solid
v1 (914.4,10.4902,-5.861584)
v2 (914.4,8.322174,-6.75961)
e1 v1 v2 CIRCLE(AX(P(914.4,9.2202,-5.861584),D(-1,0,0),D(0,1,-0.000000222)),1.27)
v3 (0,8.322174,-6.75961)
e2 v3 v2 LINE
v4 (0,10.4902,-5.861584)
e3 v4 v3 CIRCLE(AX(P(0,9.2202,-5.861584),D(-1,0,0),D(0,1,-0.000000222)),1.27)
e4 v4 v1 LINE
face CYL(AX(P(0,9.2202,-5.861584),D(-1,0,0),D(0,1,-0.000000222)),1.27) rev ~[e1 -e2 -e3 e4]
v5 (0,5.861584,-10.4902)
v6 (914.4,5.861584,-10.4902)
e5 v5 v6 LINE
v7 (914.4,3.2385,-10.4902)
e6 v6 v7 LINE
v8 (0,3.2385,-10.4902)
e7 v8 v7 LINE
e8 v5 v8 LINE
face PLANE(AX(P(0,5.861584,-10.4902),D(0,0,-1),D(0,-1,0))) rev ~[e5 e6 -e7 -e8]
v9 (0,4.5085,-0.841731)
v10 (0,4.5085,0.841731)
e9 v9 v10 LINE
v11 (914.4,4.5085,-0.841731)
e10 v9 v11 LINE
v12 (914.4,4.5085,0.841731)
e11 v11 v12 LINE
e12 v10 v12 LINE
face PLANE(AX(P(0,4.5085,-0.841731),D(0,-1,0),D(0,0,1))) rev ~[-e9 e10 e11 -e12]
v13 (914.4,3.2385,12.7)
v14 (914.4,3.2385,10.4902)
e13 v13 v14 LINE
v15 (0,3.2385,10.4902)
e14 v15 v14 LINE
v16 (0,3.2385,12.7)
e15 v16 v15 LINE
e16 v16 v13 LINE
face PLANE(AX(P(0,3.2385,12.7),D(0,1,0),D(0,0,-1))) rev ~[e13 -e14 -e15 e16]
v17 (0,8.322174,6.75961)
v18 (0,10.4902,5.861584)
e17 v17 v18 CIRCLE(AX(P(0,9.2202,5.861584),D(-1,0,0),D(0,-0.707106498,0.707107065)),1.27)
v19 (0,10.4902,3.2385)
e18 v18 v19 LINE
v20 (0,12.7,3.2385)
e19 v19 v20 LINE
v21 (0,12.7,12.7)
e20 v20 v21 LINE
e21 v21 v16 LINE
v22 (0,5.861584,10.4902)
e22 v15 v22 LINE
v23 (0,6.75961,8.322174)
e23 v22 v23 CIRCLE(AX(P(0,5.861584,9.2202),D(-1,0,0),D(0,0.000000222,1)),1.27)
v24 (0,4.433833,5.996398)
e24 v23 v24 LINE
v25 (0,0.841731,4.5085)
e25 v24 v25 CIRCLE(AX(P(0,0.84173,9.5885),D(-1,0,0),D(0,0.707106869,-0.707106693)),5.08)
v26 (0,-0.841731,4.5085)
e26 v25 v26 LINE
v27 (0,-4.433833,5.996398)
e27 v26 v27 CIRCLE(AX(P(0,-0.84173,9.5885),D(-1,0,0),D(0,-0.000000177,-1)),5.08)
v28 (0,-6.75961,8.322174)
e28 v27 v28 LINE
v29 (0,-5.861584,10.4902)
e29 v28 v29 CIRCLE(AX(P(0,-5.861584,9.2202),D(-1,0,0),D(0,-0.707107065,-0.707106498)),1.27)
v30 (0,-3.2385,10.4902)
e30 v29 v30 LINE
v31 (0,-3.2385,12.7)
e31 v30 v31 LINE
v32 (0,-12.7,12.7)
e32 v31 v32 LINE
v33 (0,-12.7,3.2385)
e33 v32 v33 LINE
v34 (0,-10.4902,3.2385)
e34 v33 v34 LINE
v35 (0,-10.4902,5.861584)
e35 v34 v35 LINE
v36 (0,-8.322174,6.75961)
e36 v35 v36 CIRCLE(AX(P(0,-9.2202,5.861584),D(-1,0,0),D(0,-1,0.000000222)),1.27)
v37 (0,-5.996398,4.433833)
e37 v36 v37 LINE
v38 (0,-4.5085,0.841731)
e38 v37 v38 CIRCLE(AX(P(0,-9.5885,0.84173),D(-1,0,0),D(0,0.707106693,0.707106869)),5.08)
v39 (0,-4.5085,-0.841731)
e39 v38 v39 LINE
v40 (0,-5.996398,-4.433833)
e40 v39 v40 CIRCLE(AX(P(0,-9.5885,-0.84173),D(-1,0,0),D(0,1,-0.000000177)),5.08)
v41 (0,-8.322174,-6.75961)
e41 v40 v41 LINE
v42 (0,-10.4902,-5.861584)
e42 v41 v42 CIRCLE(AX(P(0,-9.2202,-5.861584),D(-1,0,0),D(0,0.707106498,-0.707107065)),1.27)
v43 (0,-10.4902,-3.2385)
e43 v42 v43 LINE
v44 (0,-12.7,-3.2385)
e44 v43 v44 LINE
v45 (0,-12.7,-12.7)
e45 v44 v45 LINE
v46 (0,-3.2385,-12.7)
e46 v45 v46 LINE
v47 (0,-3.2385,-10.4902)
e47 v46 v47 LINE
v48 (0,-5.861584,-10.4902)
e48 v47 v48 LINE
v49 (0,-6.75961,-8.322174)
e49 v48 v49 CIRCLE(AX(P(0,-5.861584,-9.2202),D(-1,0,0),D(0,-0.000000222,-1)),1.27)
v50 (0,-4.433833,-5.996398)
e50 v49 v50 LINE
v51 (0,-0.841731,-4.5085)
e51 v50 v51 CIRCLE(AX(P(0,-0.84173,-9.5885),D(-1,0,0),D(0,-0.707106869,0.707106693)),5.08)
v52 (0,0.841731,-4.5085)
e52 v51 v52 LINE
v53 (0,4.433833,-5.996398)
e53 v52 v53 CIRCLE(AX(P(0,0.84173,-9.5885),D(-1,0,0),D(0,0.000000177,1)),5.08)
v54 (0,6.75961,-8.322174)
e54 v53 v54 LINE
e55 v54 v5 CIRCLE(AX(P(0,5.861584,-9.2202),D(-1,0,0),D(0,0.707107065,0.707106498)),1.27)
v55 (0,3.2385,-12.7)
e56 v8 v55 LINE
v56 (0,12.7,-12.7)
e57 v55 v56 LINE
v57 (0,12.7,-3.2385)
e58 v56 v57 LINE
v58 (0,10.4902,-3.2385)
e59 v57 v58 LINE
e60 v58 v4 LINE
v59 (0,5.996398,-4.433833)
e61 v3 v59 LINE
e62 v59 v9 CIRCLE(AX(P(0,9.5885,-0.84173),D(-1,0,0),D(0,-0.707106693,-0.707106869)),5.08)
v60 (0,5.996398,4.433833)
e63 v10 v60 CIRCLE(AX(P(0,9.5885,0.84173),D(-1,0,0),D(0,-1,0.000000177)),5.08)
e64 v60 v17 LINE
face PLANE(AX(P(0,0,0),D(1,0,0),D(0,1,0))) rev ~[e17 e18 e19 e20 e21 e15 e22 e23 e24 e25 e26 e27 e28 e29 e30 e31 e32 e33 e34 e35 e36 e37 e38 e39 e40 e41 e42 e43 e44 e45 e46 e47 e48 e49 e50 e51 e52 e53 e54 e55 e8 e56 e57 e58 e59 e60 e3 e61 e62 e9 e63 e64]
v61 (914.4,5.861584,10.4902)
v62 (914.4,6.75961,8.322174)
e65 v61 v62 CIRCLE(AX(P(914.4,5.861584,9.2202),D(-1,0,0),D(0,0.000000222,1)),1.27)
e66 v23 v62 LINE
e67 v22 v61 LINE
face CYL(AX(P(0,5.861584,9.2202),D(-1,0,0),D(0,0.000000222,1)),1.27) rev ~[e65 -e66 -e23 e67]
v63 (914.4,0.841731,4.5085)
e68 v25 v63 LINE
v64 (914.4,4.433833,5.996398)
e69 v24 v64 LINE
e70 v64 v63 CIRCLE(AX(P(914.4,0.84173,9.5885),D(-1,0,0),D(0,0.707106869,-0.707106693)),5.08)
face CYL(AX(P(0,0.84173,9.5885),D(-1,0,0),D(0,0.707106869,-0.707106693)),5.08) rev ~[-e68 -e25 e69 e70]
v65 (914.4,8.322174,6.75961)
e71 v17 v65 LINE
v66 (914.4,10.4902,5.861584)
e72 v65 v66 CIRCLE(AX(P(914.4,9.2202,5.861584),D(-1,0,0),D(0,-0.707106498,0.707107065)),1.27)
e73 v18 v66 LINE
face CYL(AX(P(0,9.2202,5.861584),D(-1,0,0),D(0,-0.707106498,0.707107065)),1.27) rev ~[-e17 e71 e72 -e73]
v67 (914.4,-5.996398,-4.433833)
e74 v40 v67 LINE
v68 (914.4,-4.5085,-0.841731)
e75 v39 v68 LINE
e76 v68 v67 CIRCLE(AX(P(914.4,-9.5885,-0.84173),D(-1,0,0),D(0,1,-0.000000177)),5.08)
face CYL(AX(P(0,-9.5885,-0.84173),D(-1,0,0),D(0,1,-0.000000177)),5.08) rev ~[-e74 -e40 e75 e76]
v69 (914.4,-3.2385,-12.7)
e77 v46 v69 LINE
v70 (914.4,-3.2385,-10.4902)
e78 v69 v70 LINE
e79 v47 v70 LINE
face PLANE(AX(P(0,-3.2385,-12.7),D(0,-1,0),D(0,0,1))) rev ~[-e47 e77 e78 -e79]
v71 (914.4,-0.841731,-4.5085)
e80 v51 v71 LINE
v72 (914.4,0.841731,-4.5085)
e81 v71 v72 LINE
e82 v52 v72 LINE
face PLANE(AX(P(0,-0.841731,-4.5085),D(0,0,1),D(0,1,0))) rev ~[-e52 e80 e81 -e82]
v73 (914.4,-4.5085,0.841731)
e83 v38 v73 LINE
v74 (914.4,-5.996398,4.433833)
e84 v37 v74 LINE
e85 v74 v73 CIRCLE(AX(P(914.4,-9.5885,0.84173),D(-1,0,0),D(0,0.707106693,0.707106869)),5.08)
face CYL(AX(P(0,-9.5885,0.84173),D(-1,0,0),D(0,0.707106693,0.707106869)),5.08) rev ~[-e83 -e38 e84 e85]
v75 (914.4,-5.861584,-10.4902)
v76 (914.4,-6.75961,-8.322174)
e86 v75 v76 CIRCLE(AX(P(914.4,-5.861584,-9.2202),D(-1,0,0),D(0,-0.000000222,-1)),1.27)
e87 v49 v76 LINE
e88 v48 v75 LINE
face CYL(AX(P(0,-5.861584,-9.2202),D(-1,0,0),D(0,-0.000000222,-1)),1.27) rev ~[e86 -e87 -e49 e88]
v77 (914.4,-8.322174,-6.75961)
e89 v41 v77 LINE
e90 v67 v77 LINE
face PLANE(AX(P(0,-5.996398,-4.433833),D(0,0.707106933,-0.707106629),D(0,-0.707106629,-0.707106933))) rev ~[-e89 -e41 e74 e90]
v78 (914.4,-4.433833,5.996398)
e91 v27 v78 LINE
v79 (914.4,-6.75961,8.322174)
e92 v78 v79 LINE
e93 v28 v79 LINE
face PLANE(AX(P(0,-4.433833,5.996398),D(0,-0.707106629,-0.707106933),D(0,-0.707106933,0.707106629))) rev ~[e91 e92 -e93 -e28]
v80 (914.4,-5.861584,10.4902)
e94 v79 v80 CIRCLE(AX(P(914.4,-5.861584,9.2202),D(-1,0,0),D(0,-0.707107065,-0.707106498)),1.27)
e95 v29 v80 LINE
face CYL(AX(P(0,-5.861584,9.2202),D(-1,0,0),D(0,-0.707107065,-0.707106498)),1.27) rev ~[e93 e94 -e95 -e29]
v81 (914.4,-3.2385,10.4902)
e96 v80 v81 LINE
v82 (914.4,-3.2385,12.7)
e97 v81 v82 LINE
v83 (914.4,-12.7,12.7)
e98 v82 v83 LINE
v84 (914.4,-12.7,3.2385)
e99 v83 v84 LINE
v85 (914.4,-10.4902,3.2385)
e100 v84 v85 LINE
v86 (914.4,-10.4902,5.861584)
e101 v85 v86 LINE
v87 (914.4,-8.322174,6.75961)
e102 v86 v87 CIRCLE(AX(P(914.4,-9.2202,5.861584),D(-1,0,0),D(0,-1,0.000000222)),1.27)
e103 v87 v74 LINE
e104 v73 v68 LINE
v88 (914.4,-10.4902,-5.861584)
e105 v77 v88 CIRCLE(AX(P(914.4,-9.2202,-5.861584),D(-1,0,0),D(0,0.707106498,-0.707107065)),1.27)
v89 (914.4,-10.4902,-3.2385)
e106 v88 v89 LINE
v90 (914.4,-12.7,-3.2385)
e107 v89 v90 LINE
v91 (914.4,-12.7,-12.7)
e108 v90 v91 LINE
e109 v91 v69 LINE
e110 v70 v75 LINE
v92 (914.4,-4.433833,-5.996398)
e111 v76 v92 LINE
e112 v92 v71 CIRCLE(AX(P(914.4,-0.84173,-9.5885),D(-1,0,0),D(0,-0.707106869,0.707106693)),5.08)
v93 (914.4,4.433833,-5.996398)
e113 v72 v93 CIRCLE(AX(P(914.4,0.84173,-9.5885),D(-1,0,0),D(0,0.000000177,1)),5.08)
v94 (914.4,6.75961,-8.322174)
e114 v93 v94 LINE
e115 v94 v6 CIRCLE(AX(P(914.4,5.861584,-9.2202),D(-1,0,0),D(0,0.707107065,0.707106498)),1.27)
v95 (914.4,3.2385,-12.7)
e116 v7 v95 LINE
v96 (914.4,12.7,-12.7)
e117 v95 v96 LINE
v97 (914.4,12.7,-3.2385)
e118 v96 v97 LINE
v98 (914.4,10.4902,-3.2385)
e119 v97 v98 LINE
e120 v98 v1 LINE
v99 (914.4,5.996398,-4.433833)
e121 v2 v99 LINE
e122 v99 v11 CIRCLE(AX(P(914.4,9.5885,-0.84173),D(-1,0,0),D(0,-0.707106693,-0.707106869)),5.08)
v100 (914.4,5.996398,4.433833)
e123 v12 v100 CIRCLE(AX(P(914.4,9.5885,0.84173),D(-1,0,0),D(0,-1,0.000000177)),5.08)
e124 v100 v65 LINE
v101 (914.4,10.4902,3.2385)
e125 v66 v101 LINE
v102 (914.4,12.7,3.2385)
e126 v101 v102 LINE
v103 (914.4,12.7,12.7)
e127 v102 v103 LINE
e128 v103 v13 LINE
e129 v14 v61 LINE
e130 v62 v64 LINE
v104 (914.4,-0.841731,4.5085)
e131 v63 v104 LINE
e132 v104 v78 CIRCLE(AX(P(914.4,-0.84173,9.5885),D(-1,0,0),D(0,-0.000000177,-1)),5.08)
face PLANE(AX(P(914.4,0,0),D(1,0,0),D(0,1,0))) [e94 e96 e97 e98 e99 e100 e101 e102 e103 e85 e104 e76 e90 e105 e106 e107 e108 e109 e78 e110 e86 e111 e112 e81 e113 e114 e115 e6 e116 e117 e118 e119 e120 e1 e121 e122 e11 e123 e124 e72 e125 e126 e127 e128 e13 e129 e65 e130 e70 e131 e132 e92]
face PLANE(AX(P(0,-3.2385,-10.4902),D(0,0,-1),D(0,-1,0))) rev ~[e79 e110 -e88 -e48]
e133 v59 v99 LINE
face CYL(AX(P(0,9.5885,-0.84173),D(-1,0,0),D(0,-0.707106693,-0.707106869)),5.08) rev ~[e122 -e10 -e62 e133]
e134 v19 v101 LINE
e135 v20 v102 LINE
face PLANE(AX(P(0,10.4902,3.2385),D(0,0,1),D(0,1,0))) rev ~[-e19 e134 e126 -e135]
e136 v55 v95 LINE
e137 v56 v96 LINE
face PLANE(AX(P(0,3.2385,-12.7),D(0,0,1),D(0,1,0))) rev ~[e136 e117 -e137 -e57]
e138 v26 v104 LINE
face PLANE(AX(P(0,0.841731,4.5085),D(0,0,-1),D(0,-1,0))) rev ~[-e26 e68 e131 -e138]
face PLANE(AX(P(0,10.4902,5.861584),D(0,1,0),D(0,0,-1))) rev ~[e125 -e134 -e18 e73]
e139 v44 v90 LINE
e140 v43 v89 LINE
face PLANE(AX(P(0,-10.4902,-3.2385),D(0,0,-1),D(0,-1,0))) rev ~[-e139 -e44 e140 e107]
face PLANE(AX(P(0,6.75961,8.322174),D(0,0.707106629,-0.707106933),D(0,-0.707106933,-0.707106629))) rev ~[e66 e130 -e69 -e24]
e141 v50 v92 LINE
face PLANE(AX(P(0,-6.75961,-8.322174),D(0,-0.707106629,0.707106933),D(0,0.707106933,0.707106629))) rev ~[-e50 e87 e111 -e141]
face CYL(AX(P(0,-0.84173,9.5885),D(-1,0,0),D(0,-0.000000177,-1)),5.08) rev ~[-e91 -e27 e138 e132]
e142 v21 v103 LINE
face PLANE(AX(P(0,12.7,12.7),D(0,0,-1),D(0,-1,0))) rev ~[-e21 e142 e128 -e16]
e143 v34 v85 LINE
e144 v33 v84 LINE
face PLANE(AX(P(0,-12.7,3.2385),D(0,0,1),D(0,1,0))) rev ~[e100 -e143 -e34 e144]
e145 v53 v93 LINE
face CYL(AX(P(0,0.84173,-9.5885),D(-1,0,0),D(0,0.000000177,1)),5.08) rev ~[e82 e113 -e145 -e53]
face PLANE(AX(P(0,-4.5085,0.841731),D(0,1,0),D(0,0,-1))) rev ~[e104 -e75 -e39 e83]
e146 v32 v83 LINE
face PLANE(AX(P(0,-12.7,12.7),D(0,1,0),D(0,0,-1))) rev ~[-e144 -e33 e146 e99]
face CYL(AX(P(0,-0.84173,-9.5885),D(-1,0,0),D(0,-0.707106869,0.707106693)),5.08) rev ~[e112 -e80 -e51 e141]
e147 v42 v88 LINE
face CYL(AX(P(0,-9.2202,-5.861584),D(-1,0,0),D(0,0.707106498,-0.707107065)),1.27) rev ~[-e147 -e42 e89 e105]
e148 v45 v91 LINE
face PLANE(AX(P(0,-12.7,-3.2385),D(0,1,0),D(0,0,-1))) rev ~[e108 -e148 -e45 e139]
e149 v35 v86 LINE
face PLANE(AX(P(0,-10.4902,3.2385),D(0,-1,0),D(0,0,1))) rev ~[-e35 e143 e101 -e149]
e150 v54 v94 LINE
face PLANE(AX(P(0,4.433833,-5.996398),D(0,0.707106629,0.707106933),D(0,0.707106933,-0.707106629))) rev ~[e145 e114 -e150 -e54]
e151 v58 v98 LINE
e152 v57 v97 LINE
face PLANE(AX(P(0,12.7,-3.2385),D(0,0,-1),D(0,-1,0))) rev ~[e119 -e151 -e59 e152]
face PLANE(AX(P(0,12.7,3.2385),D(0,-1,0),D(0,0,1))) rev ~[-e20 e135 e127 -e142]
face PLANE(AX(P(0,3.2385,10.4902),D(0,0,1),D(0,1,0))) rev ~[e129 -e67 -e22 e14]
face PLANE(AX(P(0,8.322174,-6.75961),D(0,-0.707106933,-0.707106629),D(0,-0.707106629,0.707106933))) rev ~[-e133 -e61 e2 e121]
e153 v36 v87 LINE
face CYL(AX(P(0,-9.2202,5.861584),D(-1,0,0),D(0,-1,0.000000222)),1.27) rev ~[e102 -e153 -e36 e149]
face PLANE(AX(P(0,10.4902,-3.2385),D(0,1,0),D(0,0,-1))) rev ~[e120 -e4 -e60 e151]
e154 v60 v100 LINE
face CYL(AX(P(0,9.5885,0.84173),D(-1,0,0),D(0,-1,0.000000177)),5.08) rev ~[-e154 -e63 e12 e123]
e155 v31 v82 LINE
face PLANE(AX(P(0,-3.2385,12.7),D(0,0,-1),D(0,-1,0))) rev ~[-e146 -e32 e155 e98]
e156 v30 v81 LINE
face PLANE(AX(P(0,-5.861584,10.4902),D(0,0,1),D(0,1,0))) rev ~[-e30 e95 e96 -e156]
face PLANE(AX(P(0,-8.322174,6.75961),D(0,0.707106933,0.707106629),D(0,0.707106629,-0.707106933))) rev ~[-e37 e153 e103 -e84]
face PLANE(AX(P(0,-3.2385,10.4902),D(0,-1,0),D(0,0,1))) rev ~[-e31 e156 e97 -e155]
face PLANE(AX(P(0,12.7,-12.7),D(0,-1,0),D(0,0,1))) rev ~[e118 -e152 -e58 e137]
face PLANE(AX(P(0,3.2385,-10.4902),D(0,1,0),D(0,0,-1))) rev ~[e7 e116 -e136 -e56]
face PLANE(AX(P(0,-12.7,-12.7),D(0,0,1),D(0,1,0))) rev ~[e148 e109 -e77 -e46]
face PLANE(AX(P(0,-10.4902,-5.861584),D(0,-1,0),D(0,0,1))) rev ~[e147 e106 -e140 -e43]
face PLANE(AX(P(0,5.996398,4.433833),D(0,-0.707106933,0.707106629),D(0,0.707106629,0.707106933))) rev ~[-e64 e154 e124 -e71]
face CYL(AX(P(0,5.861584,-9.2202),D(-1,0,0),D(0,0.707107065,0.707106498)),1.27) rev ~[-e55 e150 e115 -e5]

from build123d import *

# Parameters (mm, degrees)
F1_DEPTH = 914.4


with BuildPart() as f1:
    # F0 (on Right) → F1 (new body)
    with BuildSketch(Plane.YZ):
        with BuildLine():
            Line((10.4902, 12.7), (3.2385, 12.7))
            Line((3.2385, 12.7), (3.2385, 10.4902))
            Line((3.2385, 10.4902), (5.861584, 10.4902))
            ThreePointArc((5.861584, 10.4902), (7.034911, 9.706208), (6.75961, 8.322174))
            Line((6.75961, 8.322174), (4.433833, 5.996398))
            ThreePointArc((4.433833, 5.996398), (2.785762, 4.895192), (0.841731, 4.5085))
            Line((0.841731, 4.5085), (0, 4.5085))
            Line((0, 4.5085), (-0.841731, 4.5085))
            ThreePointArc((-0.841731, 4.5085), (-2.785762, 4.895192), (-4.433833, 5.996398))
            Line((-4.433833, 5.996398), (-6.75961, 8.322174))
            ThreePointArc((-6.75961, 8.322174), (-7.034911, 9.706208), (-5.861584, 10.4902))
            Line((-5.861584, 10.4902), (-3.2385, 10.4902))
            Line((-3.2385, 10.4902), (-3.2385, 12.7))
            Line((-3.2385, 12.7), (-10.4902, 12.7))
            Line((-10.4902, 12.7), (-12.7, 12.7))
            Line((-12.7, 12.7), (-12.7, 10.4902))
            Line((-12.7, 10.4902), (-12.7, 3.2385))
            Line((-12.7, 3.2385), (-10.4902, 3.2385))
            Line((-10.4902, 3.2385), (-10.4902, 5.861584))
            ThreePointArc((-10.4902, 5.861584), (-9.706208, 7.034911), (-8.322174, 6.75961))
            Line((-8.322174, 6.75961), (-5.996398, 4.433833))
            ThreePointArc((-5.996398, 4.433833), (-4.895192, 2.785762), (-4.5085, 0.841731))
            Line((-4.5085, 0.841731), (-4.5085, 0))
            Line((-4.5085, 0), (-4.5085, -0.841731))
            ThreePointArc((-4.5085, -0.841731), (-4.895192, -2.785762), (-5.996398, -4.433833))
            Line((-5.996398, -4.433833), (-8.322174, -6.75961))
            ThreePointArc((-8.322174, -6.75961), (-9.706208, -7.034911), (-10.4902, -5.861584))
            Line((-10.4902, -5.861584), (-10.4902, -3.2385))
            Line((-10.4902, -3.2385), (-12.7, -3.2385))
            Line((-12.7, -3.2385), (-12.7, -10.4902))
            Line((-12.7, -10.4902), (-12.7, -12.7))
            Line((-12.7, -12.7), (-10.4902, -12.7))
            Line((-10.4902, -12.7), (-3.2385, -12.7))
            Line((-3.2385, -12.7), (-3.2385, -10.4902))
            Line((-3.2385, -10.4902), (-5.861584, -10.4902))
            ThreePointArc((-5.861584, -10.4902), (-7.034911, -9.706208), (-6.75961, -8.322174))
            Line((-6.75961, -8.322174), (-4.433833, -5.996398))
            ThreePointArc((-4.433833, -5.996398), (-2.785762, -4.895192), (-0.841731, -4.5085))
            Line((-0.841731, -4.5085), (0, -4.5085))
            Line((0, -4.5085), (0.841731, -4.5085))
            ThreePointArc((0.841731, -4.5085), (2.785762, -4.895192), (4.433833, -5.996398))
            Line((4.433833, -5.996398), (6.75961, -8.322174))
            ThreePointArc((6.75961, -8.322174), (7.034911, -9.706208), (5.861584, -10.4902))
            Line((5.861584, -10.4902), (3.2385, -10.4902))
            Line((3.2385, -10.4902), (3.2385, -12.7))
            Line((3.2385, -12.7), (10.4902, -12.7))
            Line((10.4902, -12.7), (12.7, -12.7))
            Line((12.7, -12.7), (12.7, -10.4902))
            Line((12.7, -10.4902), (12.7, -3.2385))
            Line((12.7, -3.2385), (10.4902, -3.2385))
            Line((10.4902, -3.2385), (10.4902, -5.861584))
            ThreePointArc((10.4902, -5.861584), (9.706208, -7.034911), (8.322174, -6.75961))
            Line((8.322174, -6.75961), (5.996398, -4.433833))
            ThreePointArc((5.996398, -4.433833), (4.895192, -2.785762), (4.5085, -0.841731))
            Line((4.5085, -0.841731), (4.5085, 0))
            Line((4.5085, 0), (4.5085, 0.841731))
            ThreePointArc((4.5085, 0.841731), (4.895192, 2.785762), (5.996398, 4.433833))
            Line((5.996398, 4.433833), (8.322174, 6.75961))
            ThreePointArc((8.322174, 6.75961), (9.706208, 7.034911), (10.4902, 5.861584))
            Line((10.4902, 5.861584), (10.4902, 3.2385))
            Line((10.4902, 3.2385), (12.7, 3.2385))
            Line((12.7, 3.2385), (12.7, 10.4902))
            Line((12.7, 10.4902), (12.7, 12.7))
            Line((12.7, 12.7), (10.4902, 12.7))
        make_face()
    extrude(amount=F1_DEPTH)


solid = f1.part
